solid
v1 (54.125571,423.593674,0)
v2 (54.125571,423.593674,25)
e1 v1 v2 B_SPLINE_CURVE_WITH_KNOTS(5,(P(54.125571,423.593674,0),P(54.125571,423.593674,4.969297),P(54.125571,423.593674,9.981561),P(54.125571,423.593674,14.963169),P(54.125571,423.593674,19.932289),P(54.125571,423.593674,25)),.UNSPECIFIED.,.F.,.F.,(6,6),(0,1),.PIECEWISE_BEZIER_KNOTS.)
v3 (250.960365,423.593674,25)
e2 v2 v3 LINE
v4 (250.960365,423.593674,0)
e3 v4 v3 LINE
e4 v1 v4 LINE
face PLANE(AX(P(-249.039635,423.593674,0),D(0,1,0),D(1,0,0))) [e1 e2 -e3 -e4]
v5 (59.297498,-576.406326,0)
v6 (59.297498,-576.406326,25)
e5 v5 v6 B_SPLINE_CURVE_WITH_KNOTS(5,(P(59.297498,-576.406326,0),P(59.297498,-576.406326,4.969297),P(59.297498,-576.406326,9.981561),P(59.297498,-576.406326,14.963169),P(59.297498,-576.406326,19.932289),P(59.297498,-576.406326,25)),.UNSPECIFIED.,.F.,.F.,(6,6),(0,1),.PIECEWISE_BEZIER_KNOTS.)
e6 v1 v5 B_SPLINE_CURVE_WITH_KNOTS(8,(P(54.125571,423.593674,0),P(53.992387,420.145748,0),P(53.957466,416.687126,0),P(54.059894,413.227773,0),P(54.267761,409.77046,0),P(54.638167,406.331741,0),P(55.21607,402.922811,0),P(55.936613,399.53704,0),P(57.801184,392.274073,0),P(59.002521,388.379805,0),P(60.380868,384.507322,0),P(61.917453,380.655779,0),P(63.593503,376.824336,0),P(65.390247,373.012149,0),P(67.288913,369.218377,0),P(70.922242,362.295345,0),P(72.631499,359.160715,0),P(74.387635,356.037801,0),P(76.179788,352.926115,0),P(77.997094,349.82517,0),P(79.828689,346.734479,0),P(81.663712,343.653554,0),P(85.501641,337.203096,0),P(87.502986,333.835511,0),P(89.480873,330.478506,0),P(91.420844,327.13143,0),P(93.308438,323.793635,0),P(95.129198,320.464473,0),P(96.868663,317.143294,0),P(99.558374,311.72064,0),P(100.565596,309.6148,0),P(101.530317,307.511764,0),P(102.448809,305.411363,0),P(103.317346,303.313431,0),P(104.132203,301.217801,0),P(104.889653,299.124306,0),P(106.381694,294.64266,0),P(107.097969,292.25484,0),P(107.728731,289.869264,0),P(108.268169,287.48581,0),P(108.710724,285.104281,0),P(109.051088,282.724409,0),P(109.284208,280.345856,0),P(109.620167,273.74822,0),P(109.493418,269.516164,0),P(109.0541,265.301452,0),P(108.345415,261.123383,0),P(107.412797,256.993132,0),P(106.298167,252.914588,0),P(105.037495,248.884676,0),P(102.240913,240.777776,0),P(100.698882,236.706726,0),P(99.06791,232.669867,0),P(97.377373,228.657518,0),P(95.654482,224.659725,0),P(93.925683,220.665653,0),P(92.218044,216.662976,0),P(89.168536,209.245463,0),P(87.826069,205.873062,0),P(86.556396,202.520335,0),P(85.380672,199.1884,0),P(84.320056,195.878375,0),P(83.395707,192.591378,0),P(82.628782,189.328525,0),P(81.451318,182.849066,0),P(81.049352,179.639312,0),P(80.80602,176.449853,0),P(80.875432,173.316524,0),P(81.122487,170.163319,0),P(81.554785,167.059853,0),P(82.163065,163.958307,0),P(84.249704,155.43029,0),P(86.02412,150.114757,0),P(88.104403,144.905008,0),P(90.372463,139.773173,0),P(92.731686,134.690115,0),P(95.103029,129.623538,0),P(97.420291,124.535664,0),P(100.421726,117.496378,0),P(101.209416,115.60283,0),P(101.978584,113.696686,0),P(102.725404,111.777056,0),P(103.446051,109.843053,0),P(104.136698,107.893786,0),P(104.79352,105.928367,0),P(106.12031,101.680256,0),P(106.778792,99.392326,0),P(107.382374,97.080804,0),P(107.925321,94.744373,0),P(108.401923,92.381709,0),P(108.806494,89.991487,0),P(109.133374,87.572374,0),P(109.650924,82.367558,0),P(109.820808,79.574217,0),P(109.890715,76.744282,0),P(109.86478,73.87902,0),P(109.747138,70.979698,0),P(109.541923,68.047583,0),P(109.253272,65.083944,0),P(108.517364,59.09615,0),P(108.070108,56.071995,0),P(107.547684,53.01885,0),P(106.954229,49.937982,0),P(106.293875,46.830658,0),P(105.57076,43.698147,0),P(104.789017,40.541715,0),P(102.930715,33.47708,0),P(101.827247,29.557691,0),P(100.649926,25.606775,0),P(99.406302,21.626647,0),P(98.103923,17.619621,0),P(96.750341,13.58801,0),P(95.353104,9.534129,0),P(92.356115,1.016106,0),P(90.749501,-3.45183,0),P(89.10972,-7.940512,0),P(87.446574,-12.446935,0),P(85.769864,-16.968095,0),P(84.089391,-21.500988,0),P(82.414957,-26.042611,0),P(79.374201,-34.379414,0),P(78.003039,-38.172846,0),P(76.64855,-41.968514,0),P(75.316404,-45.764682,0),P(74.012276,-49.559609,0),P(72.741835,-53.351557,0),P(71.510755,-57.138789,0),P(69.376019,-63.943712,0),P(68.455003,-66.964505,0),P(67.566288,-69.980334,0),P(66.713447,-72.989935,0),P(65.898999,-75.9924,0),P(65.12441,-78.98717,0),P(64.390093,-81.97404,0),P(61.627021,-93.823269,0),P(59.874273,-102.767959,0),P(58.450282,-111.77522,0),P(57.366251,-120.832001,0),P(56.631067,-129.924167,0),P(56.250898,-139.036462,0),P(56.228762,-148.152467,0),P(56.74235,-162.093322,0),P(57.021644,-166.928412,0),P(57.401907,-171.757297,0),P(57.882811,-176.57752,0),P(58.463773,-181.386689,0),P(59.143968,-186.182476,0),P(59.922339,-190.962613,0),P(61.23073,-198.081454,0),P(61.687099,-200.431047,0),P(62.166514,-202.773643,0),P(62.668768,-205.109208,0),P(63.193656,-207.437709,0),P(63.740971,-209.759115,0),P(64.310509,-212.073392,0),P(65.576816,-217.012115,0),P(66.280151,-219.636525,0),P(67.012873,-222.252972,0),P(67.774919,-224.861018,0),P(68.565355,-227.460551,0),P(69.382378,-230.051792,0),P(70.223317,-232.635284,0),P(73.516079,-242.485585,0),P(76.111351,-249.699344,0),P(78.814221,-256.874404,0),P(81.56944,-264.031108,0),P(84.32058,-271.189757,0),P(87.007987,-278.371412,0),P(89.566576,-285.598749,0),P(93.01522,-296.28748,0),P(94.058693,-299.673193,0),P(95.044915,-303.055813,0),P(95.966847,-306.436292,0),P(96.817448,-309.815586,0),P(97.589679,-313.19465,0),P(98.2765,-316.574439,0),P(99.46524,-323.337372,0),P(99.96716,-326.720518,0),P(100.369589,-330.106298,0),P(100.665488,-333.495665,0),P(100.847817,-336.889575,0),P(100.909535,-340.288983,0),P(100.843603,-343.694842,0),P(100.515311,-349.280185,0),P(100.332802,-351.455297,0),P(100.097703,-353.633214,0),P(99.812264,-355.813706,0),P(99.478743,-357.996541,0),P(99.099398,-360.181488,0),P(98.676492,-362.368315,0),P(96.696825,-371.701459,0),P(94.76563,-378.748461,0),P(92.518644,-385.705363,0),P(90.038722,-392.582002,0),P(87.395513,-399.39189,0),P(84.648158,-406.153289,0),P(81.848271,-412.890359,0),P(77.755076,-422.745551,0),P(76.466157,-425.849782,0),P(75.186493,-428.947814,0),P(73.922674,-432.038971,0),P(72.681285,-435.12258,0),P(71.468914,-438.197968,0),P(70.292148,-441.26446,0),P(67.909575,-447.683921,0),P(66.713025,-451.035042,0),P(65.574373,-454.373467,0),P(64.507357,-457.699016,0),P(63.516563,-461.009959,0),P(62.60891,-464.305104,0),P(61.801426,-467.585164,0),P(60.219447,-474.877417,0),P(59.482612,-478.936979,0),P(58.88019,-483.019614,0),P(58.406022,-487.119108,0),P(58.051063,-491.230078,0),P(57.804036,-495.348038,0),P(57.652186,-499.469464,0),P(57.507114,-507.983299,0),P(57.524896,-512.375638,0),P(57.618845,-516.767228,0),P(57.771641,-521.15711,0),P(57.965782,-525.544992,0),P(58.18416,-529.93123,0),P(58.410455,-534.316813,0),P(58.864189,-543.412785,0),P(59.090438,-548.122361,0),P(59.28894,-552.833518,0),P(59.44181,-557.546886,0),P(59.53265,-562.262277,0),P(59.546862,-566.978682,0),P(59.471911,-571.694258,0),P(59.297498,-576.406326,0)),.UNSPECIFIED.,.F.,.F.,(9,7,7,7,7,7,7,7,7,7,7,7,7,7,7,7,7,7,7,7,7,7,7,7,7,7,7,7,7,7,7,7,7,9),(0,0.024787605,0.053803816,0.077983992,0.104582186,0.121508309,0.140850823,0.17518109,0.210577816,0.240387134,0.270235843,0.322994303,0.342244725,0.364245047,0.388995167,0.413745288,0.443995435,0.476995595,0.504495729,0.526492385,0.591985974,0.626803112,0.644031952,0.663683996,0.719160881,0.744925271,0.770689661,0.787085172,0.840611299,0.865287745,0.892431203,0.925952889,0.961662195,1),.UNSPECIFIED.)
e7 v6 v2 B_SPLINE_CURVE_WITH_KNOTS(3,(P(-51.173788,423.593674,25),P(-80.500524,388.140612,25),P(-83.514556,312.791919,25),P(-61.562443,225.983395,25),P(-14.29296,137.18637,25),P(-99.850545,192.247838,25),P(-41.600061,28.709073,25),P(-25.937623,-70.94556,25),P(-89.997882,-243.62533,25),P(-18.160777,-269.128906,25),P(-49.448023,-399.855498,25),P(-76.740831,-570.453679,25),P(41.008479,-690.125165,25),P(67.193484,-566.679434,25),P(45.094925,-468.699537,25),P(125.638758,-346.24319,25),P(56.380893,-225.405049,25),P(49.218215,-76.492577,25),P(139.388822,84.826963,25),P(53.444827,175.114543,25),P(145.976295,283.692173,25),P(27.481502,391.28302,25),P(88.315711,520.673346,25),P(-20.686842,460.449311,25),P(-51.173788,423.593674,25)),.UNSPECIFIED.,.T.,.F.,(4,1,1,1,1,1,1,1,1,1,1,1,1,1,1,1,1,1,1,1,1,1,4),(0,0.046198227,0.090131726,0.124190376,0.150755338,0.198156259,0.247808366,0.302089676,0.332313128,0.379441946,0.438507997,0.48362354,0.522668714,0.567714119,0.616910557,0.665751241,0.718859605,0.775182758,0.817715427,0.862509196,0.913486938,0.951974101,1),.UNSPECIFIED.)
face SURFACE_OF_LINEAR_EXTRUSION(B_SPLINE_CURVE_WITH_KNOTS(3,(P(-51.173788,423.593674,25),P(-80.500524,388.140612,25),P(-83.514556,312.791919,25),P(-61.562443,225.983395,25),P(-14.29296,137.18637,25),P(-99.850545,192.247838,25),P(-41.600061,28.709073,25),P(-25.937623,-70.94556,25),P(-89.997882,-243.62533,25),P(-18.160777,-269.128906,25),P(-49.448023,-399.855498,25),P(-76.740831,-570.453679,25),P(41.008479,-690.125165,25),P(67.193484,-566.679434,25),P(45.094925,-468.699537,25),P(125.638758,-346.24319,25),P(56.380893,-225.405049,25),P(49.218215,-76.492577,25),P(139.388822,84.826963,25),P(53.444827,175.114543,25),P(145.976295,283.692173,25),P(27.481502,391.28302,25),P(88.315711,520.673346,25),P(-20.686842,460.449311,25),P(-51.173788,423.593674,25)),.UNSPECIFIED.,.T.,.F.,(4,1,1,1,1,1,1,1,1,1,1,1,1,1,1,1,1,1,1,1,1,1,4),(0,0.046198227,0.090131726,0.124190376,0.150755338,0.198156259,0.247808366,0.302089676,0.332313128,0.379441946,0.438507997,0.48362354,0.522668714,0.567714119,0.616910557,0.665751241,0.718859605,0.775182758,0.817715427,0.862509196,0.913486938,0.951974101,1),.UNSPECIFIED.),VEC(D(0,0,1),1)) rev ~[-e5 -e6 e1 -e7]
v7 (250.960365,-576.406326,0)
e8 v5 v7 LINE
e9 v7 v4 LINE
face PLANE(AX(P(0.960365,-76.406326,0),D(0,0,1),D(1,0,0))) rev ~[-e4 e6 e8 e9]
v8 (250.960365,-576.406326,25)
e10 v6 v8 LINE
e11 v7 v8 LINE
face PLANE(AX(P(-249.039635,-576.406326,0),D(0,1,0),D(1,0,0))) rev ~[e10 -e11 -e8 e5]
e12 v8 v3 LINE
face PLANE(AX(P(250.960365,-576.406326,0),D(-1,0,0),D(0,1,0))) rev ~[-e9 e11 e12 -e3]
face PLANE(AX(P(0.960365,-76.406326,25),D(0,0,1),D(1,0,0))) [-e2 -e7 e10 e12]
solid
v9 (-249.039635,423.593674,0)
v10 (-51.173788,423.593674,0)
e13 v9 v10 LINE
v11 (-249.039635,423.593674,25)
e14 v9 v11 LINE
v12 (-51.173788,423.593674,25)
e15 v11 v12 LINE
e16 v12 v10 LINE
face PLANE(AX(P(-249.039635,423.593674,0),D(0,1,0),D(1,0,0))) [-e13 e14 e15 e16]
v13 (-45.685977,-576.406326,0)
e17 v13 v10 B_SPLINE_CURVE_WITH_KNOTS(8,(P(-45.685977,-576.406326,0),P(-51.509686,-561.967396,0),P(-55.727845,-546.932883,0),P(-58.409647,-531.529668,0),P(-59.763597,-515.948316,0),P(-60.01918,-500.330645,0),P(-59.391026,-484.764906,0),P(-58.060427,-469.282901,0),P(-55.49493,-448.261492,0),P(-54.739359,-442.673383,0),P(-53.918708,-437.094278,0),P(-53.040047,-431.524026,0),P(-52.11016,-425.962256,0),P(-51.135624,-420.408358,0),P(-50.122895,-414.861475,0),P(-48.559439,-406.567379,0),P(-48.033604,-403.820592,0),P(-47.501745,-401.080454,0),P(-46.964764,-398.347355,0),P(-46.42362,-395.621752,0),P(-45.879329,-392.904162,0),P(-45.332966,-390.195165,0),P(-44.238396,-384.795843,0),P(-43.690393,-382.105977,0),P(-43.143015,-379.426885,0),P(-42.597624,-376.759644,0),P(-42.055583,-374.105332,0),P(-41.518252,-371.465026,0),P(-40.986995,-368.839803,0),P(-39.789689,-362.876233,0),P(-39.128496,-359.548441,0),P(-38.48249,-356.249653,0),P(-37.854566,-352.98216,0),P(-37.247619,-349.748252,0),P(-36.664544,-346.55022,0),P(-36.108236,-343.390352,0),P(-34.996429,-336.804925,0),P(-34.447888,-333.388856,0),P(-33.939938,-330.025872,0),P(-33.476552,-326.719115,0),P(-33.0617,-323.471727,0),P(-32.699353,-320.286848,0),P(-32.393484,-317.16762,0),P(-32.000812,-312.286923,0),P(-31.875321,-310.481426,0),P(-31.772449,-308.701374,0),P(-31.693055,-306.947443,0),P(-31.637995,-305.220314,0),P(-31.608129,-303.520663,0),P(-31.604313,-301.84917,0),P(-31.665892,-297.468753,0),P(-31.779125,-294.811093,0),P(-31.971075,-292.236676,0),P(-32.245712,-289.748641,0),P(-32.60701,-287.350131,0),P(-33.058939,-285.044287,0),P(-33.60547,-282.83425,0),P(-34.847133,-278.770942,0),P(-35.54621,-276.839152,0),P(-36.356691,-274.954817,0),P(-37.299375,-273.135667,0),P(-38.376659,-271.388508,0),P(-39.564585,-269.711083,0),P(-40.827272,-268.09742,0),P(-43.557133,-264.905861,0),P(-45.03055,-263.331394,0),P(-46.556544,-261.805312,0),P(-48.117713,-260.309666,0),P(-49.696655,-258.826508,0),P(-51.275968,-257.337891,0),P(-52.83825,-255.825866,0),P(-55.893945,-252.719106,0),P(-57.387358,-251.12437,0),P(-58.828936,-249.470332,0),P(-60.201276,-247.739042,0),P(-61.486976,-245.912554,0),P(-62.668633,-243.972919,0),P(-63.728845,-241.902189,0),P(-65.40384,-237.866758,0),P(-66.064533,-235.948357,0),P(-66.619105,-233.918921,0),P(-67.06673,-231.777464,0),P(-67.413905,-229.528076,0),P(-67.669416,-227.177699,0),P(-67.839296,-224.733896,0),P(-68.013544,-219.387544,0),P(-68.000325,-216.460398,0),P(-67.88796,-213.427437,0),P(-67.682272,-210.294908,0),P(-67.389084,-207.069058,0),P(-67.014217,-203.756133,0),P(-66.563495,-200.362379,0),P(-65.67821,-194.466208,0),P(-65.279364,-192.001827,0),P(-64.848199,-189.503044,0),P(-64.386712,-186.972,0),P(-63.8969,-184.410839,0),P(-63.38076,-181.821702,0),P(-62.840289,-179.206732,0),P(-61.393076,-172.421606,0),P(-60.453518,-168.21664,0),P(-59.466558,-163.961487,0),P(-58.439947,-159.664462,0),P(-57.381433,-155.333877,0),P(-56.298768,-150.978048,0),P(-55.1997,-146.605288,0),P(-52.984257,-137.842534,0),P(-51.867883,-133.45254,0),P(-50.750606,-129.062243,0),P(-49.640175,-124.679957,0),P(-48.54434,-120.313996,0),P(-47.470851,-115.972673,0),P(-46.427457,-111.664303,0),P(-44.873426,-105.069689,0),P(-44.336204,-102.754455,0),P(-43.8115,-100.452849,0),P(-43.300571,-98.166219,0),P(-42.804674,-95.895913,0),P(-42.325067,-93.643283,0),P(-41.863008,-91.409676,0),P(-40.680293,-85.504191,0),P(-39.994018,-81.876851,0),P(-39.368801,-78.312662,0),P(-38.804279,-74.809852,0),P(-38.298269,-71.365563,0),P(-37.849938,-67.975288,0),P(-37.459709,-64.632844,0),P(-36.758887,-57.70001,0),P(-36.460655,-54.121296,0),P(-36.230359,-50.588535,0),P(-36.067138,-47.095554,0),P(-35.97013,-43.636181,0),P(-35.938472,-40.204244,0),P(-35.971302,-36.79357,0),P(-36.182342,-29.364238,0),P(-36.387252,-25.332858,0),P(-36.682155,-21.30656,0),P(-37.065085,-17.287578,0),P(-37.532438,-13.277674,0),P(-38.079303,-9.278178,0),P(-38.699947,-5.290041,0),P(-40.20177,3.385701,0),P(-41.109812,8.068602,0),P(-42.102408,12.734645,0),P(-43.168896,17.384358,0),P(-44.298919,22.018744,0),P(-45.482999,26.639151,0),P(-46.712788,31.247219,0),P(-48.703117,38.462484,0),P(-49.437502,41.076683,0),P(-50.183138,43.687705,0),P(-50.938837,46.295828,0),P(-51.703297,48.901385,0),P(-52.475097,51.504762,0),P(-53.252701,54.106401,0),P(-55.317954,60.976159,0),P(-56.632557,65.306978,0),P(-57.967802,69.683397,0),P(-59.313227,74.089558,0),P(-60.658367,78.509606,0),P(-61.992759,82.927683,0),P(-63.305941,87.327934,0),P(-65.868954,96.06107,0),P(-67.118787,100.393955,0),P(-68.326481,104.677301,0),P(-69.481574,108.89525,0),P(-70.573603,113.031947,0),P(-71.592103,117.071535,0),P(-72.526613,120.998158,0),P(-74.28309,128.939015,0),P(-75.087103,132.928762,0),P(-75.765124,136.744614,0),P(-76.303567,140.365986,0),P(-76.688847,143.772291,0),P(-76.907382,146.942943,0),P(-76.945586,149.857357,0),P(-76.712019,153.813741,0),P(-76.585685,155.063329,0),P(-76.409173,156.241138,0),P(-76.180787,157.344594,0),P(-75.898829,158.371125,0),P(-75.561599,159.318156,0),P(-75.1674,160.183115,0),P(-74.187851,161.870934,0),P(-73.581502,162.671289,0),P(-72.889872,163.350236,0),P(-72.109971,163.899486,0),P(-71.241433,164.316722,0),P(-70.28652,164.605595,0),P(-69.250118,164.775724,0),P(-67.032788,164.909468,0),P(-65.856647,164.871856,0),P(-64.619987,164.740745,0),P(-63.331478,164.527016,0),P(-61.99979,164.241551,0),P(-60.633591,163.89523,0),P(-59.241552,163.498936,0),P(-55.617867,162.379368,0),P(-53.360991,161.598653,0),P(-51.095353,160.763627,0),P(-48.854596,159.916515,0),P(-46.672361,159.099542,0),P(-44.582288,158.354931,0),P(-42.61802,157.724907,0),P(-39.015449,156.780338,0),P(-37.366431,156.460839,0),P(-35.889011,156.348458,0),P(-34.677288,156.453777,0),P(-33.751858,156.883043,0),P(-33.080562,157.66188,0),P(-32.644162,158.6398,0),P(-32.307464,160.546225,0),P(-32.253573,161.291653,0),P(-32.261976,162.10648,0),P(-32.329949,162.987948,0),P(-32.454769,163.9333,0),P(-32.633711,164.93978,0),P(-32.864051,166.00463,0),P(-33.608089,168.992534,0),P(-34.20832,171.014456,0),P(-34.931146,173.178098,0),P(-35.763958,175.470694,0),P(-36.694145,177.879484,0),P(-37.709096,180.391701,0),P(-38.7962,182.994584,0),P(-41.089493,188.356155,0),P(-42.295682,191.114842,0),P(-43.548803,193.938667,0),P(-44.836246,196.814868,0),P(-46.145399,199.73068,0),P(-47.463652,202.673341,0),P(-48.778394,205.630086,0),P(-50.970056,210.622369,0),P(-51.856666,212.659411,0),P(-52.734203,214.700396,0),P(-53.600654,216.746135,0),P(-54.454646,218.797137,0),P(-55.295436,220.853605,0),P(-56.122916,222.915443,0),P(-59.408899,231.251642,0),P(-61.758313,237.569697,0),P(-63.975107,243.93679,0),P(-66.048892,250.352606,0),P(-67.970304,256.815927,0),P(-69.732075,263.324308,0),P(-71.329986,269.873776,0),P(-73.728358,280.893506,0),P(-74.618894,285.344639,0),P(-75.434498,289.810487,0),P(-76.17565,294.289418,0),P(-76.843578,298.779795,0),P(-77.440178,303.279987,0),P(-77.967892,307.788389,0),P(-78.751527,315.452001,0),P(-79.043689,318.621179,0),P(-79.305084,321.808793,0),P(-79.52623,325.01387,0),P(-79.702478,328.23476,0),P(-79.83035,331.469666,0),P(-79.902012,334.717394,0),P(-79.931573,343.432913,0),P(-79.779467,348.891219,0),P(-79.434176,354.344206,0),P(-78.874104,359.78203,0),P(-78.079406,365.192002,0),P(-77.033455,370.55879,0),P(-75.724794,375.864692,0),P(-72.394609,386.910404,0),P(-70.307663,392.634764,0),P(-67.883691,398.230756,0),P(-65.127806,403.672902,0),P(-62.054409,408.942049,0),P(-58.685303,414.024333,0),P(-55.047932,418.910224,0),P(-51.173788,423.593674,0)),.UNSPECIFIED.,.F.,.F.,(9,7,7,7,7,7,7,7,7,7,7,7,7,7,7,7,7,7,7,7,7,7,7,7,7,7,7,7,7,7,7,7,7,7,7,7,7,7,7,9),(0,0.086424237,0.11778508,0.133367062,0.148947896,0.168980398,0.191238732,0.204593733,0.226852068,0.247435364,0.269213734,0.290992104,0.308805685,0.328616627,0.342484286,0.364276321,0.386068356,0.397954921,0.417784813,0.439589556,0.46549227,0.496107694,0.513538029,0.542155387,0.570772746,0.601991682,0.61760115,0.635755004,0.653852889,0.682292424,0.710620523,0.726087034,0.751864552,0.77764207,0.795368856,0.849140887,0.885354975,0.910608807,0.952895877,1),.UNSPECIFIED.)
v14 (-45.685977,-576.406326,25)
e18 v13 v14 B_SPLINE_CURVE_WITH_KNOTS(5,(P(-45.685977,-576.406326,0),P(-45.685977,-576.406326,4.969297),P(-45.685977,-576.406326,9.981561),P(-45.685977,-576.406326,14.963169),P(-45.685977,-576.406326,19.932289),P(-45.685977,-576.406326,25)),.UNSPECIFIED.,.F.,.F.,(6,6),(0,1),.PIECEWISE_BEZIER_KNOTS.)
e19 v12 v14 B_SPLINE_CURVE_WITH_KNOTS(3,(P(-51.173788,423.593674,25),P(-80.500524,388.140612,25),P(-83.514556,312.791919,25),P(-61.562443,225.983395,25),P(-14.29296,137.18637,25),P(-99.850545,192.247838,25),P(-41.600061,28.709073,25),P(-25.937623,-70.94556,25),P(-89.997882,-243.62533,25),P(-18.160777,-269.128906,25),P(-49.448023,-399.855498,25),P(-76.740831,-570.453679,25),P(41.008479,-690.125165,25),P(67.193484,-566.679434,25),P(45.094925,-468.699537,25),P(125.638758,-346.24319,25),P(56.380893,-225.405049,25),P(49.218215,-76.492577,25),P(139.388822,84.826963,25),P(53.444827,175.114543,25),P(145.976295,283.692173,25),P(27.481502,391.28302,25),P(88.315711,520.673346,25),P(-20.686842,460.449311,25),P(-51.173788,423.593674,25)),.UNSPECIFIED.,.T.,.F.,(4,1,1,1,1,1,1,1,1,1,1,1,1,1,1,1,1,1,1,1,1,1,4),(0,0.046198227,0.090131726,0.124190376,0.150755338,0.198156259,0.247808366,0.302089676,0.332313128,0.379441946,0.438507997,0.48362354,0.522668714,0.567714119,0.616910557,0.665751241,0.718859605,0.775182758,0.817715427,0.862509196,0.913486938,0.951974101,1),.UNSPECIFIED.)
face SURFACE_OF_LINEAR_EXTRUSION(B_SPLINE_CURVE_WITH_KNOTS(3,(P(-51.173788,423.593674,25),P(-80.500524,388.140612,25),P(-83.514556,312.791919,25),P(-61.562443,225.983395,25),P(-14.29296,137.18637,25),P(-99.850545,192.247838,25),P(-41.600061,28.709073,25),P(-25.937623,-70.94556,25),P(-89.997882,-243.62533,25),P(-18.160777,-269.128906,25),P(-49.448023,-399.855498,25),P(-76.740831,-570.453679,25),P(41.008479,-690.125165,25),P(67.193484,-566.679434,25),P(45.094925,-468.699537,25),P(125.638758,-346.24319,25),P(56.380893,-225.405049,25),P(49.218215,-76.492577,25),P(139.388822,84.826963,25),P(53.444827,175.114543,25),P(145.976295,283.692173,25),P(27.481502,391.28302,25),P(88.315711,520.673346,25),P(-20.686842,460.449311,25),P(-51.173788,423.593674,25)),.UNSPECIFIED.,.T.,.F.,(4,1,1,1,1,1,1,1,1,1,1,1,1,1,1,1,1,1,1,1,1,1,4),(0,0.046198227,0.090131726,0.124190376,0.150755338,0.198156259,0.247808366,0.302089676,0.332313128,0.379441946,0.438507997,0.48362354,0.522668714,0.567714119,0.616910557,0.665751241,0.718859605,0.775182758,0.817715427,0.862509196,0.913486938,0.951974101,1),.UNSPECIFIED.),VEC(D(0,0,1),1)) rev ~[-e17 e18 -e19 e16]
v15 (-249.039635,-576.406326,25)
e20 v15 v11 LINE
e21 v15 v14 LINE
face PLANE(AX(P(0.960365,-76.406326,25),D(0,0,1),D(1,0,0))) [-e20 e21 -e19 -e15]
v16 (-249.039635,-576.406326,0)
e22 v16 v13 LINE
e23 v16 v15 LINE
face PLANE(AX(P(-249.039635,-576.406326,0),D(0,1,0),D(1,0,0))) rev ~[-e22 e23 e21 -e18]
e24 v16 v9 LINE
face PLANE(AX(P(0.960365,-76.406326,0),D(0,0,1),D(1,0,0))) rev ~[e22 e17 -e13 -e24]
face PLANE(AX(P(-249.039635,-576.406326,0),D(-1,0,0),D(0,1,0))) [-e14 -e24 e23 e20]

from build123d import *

# Parameters (mm, degrees)
F0_W     = 500
F0_H     = 1000
F1_DEPTH = 25
F3_DEPTH = 99


with BuildPart() as f1:
    # F0 (on Top) → F1 (new body)
    with BuildSketch(Plane.XY):
        with Locations((0.9603649378, -76.4063263884)):
            Rectangle(F0_W, F0_H)
    extrude(amount=F1_DEPTH)

    # F2 (on face) → F3 (cut)
    with BuildSketch(Plane.XY.offset(25)):
        with BuildLine():
            add(Edge.make_bspline(
                [(-51.173787564, 423.5936736116), (-80.5005236088, 388.1406122859), (-83.5145564382, 312.7919192178), (-61.5624434267, 225.9833945323), (-14.2929601622, 137.1863701204), (-99.8505453147, 192.2478375482), (-41.6000611705, 28.7090729978), (-25.9376231385, -70.9455595395), (-89.9978816849, -243.6253300671), (-18.1607772932, -269.1289056067), (-49.4480231275, -399.8554978426), (-76.7408306681, -570.453679), (41.008478918, -690.1251646397), (67.1934835526, -566.6794338544), (45.0949246538, -468.6995369717), (125.6387581741, -346.2431901881), (56.3808933749, -225.4050491052), (49.2182151148, -76.4925766249), (139.3888222687, 84.8269632912), (53.4448268771, 175.1145434381), (145.976295163, 283.6921734118), (27.4815016079, 391.283020415), (88.3157112942, 520.6733456892), (-20.68684172, 460.4493113816), (-51.173787564, 423.5936736116)],
                knots=[0, 0, 0, 0, 0.0461982273, 0.0901317264, 0.1241903759, 0.1507553377, 0.1981562591, 0.2478083658, 0.3020896759, 0.3323131277, 0.3794419456, 0.4385079972, 0.4836235398, 0.5226687137, 0.5677141191, 0.616910557, 0.6657512414, 0.7188596046, 0.7751827584, 0.8177154273, 0.8625091957, 0.9134869378, 0.9519741013, 1, 1, 1, 1], degree=3))
        make_face()
    extrude(amount=-F3_DEPTH, mode=Mode.SUBTRACT)


solid = f1.part
